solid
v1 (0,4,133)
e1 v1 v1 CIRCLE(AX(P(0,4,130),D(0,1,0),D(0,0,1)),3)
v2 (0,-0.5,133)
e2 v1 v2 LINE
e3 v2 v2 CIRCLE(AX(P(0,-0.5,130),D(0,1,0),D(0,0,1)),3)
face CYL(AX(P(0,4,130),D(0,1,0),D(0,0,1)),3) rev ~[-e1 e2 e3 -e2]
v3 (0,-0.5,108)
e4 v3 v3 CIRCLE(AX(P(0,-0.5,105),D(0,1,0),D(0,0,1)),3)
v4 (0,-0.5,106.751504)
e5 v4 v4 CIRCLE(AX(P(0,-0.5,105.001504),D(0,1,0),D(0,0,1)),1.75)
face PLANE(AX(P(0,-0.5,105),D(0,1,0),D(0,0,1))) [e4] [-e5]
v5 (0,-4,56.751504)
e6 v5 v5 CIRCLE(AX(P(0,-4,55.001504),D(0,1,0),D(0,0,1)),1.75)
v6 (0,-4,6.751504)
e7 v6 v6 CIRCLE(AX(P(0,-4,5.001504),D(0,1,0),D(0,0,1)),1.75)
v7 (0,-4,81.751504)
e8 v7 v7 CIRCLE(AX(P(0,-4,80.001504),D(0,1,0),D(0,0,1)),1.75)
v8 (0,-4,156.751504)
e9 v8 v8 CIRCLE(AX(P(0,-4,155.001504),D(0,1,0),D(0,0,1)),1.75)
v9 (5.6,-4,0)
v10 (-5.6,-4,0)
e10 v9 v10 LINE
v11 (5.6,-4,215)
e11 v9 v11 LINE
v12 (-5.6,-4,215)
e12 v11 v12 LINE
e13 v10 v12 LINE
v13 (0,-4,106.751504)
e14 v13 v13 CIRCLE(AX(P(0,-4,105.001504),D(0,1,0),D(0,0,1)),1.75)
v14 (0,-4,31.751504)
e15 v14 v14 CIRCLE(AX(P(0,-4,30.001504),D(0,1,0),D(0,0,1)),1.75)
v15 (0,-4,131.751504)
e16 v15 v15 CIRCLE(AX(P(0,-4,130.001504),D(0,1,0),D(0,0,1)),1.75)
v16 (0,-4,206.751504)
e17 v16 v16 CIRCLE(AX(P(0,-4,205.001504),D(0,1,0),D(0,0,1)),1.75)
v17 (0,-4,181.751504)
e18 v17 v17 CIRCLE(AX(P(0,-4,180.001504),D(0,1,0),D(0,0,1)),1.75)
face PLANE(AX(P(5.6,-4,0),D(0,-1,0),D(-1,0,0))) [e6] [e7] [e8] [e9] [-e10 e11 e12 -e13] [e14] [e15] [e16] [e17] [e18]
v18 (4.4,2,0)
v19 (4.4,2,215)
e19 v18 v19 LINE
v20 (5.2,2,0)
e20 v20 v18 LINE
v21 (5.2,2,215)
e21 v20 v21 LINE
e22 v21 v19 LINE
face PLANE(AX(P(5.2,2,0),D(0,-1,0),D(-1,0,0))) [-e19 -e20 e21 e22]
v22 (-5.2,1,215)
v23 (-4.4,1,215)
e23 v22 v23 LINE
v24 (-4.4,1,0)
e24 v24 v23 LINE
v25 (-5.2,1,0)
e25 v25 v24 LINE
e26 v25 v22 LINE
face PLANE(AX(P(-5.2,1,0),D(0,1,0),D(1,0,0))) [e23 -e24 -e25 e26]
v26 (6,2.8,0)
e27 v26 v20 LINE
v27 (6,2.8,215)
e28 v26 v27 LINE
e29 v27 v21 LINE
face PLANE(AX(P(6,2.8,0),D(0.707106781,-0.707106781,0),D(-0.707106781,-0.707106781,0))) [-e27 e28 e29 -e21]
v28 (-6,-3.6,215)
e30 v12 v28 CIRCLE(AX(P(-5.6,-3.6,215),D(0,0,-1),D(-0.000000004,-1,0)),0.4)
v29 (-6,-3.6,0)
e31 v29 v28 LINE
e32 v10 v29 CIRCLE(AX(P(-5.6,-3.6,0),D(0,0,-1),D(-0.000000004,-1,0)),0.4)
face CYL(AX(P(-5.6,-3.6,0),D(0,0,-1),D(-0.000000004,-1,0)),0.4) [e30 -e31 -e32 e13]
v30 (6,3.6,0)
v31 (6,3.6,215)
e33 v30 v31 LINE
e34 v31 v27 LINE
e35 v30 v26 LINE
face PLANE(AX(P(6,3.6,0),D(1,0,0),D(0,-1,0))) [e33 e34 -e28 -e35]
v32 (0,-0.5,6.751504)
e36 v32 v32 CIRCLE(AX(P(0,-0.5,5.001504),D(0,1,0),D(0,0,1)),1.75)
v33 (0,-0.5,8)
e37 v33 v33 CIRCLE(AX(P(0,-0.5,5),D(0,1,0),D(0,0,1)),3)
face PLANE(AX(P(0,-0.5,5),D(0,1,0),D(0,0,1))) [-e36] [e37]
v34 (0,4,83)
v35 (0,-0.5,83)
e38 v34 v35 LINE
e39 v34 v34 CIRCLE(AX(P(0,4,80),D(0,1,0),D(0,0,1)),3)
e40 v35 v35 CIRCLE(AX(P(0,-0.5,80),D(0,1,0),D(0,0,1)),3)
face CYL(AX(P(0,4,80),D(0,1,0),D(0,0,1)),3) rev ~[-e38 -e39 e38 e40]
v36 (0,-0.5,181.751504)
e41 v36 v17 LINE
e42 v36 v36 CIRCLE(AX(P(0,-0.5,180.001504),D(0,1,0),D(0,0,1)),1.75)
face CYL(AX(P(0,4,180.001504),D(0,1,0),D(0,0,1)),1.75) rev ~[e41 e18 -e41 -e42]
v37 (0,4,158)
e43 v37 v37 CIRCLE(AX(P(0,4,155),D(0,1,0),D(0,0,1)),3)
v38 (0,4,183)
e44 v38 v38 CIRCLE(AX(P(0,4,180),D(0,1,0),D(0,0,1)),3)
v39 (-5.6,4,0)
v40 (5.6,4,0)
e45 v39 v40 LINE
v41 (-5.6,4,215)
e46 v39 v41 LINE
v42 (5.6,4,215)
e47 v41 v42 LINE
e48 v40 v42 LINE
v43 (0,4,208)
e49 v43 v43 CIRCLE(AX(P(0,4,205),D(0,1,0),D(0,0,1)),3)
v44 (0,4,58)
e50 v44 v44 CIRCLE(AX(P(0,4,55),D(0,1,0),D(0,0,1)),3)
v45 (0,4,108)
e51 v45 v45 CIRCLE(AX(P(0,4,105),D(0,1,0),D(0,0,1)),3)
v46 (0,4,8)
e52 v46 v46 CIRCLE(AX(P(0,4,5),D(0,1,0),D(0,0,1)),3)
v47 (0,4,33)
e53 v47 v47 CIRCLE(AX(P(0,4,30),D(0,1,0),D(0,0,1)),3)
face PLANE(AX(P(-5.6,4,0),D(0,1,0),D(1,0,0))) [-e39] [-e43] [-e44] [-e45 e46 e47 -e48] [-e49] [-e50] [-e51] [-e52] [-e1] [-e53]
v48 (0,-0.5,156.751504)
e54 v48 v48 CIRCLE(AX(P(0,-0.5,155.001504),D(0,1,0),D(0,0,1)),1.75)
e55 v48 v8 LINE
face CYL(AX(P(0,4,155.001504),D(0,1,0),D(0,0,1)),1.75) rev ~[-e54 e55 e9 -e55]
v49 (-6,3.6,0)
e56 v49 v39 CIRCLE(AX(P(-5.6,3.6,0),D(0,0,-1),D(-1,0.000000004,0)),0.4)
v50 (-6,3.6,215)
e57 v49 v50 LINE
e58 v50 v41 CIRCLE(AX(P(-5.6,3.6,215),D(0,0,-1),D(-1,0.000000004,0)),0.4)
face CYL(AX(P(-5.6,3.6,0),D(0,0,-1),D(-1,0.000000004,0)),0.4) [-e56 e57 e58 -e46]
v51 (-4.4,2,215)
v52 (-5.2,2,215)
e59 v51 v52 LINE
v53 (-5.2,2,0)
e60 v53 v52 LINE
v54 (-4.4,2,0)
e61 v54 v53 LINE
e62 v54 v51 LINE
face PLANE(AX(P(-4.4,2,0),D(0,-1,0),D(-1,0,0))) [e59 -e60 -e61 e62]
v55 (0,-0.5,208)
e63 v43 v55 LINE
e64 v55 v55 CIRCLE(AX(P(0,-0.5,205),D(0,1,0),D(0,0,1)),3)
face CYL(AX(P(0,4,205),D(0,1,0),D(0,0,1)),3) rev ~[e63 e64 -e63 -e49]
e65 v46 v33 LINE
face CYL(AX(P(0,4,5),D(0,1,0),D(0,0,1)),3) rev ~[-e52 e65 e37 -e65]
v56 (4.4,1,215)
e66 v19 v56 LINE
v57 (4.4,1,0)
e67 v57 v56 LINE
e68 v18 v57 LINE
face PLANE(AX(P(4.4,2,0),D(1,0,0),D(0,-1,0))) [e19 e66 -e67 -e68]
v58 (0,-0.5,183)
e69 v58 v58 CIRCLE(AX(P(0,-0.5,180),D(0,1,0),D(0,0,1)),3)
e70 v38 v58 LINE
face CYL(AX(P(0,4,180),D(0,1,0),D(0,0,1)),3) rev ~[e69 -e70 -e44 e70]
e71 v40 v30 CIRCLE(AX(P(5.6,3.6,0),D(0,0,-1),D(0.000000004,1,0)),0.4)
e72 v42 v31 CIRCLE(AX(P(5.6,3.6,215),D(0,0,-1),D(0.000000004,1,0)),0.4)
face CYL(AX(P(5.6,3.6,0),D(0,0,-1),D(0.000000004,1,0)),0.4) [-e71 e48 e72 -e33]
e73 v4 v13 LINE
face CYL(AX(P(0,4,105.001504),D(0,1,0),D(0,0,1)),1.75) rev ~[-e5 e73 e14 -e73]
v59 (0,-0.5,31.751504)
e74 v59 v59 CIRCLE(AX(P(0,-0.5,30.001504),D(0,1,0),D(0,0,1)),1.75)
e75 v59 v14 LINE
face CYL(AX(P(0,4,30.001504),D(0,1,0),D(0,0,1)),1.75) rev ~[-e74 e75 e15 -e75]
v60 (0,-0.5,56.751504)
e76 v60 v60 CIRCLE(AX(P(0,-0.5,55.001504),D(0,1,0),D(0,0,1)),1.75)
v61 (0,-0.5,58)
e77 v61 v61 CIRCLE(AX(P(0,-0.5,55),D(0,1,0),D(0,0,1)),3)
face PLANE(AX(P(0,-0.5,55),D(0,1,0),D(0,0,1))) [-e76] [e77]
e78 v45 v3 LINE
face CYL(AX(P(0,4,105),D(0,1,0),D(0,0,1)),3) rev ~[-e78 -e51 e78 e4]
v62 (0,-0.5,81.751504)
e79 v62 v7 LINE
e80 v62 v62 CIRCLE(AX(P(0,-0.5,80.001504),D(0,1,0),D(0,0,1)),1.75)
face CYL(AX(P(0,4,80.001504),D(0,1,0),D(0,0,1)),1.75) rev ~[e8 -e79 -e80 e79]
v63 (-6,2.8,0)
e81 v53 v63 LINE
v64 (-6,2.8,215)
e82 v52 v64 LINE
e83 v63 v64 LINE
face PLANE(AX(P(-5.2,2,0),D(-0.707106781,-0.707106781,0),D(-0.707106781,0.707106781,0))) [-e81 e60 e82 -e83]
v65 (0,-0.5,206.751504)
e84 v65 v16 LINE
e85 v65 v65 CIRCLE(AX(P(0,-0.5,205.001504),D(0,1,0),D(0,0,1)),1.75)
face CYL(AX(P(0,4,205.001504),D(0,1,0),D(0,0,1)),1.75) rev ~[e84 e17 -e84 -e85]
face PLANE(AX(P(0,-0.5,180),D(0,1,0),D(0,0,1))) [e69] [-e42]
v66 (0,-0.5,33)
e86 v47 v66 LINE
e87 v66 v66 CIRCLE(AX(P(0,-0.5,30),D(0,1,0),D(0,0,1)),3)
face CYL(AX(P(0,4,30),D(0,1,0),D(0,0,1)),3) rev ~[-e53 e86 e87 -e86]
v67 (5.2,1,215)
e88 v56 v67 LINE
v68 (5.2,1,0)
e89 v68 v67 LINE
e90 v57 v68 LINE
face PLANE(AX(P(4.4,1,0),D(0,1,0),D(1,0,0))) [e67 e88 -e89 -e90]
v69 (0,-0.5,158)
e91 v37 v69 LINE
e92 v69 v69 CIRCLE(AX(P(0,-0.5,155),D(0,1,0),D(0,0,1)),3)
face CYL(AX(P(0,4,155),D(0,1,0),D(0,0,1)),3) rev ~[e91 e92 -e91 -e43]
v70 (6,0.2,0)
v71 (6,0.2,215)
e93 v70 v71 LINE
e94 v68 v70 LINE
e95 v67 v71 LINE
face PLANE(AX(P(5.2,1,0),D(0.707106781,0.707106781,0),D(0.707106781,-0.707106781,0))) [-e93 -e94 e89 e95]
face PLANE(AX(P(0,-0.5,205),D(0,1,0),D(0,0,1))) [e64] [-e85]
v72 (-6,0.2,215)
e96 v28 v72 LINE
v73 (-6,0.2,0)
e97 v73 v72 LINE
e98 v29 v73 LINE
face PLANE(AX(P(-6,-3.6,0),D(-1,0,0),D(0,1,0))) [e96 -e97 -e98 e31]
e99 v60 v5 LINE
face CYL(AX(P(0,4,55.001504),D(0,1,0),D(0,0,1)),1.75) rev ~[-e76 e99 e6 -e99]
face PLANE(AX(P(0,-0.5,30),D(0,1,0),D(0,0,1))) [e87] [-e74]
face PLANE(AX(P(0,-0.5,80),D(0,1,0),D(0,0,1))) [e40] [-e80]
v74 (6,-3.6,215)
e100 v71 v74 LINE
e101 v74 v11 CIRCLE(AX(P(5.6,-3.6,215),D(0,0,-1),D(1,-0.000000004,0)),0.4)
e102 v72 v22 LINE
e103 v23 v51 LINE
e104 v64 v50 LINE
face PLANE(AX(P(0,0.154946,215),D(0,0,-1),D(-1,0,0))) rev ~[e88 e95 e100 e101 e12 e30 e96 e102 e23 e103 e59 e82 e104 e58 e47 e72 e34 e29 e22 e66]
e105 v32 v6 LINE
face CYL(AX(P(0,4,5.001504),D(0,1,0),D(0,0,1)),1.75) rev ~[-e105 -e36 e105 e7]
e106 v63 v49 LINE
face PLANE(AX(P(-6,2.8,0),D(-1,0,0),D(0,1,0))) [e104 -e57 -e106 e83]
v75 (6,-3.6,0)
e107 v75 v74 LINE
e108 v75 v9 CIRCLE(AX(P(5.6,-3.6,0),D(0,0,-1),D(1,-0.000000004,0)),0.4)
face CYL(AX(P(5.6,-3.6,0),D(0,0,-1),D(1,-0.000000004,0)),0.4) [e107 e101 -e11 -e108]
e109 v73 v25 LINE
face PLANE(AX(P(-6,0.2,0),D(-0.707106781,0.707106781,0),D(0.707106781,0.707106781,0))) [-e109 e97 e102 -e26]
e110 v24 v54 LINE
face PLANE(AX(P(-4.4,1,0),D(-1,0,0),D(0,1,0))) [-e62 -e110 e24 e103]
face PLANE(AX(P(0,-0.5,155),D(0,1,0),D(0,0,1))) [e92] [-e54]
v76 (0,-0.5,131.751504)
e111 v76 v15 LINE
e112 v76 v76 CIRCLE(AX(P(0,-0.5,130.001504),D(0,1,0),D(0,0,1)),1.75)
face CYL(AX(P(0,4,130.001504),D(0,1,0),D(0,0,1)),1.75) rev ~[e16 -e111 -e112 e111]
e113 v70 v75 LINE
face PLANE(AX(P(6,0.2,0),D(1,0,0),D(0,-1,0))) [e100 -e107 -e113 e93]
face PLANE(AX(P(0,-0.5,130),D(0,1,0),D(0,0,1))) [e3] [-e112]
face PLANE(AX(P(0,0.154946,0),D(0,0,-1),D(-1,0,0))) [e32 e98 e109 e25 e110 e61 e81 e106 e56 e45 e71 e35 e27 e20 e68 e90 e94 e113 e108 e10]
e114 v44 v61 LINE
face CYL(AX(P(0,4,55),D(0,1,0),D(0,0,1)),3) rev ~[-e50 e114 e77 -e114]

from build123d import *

# Parameters (mm, degrees)
BOSS_EXTRUDE1_DEPTH = 215
SKETCH2_R           = 3
CUT_EXTRUDE1_DEPTH  = 4.5
SKETCH3_R           = 1.75
CUT_EXTRUDE2_DEPTH  = 216.2324325


with BuildPart() as part:
    # Sketch1 → Boss-Extrude1 (new body)
    with BuildSketch(Plane.XY):
        with BuildLine():
            Line((-5.6, 4), (5.6, 4))
            ThreePointArc((5.6, 4), (5.882842712, 3.882842712), (6, 3.6))
            Line((6, 3.6), (6, 2.8))
            Line((6, 2.8), (5.2, 2))
            Line((5.2, 2), (4.4, 2))
            Line((4.4, 2), (4.4, 1))
            Line((4.4, 1), (5.2, 1))
            Line((5.2, 1), (6, 0.2))
            Line((6, 0.2), (6, -3.6))
            ThreePointArc((6, -3.6), (5.882842712, -3.882842712), (5.6, -4))
            Line((5.6, -4), (-5.6, -4))
            ThreePointArc((-5.6, -4), (-5.882842712, -3.882842712), (-6, -3.6))
            Line((-6, -3.6), (-6, 0.2))
            Line((-6, 0.2), (-5.2, 1))
            Line((-5.2, 1), (-4.4, 1))
            Line((-4.4, 1), (-4.4, 2))
            Line((-4.4, 2), (-5.2, 2))
            Line((-5.2, 2), (-6, 2.8))
            Line((-6, 2.8), (-6, 3.6))
            ThreePointArc((-6, 3.6), (-5.882842712, 3.882842712), (-5.6, 4))
        make_face()
    extrude(amount=BOSS_EXTRUDE1_DEPTH)

    # Sketch2 → Cut-Extrude1 (cut)
    with BuildSketch(Plane(origin=(0, 4, 0), x_dir=(1, 0, 0), z_dir=(0, 1, 0))):
        with Locations(Location((0, -205, 0), (0, 0, 270))):
            Circle(SKETCH2_R)
        with Locations(Location((0, -180, 0), (0, 0, 270))):
            Circle(SKETCH2_R)
        with Locations(Location((0, -155, 0), (0, 0, 270))):
            Circle(SKETCH2_R)
        with Locations(Location((0, -130, 0), (0, 0, 270))):
            Circle(SKETCH2_R)
        with Locations(Location((0, -105, 0), (0, 0, 270))):
            Circle(SKETCH2_R)
        with Locations(Location((0, -80, 0), (0, 0, 270))):
            Circle(SKETCH2_R)
        with Locations(Location((0, -55, 0), (0, 0, 270))):
            Circle(SKETCH2_R)
        with Locations(Location((0, -30, 0), (0, 0, 270))):
            Circle(SKETCH2_R)
        with Locations(Location((0, -5, 0), (0, 0, 270))):
            Circle(SKETCH2_R)
        with Locations((0, 20)):
            Circle(SKETCH2_R)
        with Locations((0, 45)):
            Circle(SKETCH2_R)
        with Locations((0, 70)):
            Circle(SKETCH2_R)
        with Locations((0, 95)):
            Circle(SKETCH2_R)
        with Locations((0, 120)):
            Circle(SKETCH2_R)
        with Locations((0, 145)):
            Circle(SKETCH2_R)
        with Locations((0, 170)):
            Circle(SKETCH2_R)
        with Locations((0, 195)):
            Circle(SKETCH2_R)
        with Locations((0, 220)):
            Circle(SKETCH2_R)
    extrude(amount=-CUT_EXTRUDE1_DEPTH, mode=Mode.SUBTRACT)

    # Sketch3 → Cut-Extrude2 (cut, through all)
    with BuildSketch(Plane(origin=(0, 4, 0), x_dir=(1, 0, 0), z_dir=(0, 1, 0))):
        with Locations(Location((0, -205.001504258, 0), (0, 0, 270))):
            Circle(SKETCH3_R)
        with Locations(Location((0, -180.001504258, 0), (0, 0, 270))):
            Circle(SKETCH3_R)
        with Locations(Location((0, -155.001504258, 0), (0, 0, 270))):
            Circle(SKETCH3_R)
        with Locations(Location((0, -130.001504258, 0), (0, 0, 270))):
            Circle(SKETCH3_R)
        with Locations(Location((0, -105.001504258, 0), (0, 0, 270))):
            Circle(SKETCH3_R)
        with Locations(Location((0, -80.001504258, 0), (0, 0, 270))):
            Circle(SKETCH3_R)
        with Locations(Location((0, -55.001504258, 0), (0, 0, 270))):
            Circle(SKETCH3_R)
        with Locations(Location((0, -30.001504258, 0), (0, 0, 270))):
            Circle(SKETCH3_R)
        with Locations(Location((0, -5.001504258, 0), (0, 0, 270))):
            Circle(SKETCH3_R)
        with Locations((0, 19.998495742)):
            Circle(SKETCH3_R)
        with Locations((0, 44.998495742)):
            Circle(SKETCH3_R)
        with Locations((0, 69.998495742)):
            Circle(SKETCH3_R)
        with Locations((0, 94.998495742)):
            Circle(SKETCH3_R)
        with Locations((0, 119.998495742)):
            Circle(SKETCH3_R)
        with Locations((0, 144.998495742)):
            Circle(SKETCH3_R)
    extrude(amount=-CUT_EXTRUDE2_DEPTH, mode=Mode.SUBTRACT)


solid = part.part
